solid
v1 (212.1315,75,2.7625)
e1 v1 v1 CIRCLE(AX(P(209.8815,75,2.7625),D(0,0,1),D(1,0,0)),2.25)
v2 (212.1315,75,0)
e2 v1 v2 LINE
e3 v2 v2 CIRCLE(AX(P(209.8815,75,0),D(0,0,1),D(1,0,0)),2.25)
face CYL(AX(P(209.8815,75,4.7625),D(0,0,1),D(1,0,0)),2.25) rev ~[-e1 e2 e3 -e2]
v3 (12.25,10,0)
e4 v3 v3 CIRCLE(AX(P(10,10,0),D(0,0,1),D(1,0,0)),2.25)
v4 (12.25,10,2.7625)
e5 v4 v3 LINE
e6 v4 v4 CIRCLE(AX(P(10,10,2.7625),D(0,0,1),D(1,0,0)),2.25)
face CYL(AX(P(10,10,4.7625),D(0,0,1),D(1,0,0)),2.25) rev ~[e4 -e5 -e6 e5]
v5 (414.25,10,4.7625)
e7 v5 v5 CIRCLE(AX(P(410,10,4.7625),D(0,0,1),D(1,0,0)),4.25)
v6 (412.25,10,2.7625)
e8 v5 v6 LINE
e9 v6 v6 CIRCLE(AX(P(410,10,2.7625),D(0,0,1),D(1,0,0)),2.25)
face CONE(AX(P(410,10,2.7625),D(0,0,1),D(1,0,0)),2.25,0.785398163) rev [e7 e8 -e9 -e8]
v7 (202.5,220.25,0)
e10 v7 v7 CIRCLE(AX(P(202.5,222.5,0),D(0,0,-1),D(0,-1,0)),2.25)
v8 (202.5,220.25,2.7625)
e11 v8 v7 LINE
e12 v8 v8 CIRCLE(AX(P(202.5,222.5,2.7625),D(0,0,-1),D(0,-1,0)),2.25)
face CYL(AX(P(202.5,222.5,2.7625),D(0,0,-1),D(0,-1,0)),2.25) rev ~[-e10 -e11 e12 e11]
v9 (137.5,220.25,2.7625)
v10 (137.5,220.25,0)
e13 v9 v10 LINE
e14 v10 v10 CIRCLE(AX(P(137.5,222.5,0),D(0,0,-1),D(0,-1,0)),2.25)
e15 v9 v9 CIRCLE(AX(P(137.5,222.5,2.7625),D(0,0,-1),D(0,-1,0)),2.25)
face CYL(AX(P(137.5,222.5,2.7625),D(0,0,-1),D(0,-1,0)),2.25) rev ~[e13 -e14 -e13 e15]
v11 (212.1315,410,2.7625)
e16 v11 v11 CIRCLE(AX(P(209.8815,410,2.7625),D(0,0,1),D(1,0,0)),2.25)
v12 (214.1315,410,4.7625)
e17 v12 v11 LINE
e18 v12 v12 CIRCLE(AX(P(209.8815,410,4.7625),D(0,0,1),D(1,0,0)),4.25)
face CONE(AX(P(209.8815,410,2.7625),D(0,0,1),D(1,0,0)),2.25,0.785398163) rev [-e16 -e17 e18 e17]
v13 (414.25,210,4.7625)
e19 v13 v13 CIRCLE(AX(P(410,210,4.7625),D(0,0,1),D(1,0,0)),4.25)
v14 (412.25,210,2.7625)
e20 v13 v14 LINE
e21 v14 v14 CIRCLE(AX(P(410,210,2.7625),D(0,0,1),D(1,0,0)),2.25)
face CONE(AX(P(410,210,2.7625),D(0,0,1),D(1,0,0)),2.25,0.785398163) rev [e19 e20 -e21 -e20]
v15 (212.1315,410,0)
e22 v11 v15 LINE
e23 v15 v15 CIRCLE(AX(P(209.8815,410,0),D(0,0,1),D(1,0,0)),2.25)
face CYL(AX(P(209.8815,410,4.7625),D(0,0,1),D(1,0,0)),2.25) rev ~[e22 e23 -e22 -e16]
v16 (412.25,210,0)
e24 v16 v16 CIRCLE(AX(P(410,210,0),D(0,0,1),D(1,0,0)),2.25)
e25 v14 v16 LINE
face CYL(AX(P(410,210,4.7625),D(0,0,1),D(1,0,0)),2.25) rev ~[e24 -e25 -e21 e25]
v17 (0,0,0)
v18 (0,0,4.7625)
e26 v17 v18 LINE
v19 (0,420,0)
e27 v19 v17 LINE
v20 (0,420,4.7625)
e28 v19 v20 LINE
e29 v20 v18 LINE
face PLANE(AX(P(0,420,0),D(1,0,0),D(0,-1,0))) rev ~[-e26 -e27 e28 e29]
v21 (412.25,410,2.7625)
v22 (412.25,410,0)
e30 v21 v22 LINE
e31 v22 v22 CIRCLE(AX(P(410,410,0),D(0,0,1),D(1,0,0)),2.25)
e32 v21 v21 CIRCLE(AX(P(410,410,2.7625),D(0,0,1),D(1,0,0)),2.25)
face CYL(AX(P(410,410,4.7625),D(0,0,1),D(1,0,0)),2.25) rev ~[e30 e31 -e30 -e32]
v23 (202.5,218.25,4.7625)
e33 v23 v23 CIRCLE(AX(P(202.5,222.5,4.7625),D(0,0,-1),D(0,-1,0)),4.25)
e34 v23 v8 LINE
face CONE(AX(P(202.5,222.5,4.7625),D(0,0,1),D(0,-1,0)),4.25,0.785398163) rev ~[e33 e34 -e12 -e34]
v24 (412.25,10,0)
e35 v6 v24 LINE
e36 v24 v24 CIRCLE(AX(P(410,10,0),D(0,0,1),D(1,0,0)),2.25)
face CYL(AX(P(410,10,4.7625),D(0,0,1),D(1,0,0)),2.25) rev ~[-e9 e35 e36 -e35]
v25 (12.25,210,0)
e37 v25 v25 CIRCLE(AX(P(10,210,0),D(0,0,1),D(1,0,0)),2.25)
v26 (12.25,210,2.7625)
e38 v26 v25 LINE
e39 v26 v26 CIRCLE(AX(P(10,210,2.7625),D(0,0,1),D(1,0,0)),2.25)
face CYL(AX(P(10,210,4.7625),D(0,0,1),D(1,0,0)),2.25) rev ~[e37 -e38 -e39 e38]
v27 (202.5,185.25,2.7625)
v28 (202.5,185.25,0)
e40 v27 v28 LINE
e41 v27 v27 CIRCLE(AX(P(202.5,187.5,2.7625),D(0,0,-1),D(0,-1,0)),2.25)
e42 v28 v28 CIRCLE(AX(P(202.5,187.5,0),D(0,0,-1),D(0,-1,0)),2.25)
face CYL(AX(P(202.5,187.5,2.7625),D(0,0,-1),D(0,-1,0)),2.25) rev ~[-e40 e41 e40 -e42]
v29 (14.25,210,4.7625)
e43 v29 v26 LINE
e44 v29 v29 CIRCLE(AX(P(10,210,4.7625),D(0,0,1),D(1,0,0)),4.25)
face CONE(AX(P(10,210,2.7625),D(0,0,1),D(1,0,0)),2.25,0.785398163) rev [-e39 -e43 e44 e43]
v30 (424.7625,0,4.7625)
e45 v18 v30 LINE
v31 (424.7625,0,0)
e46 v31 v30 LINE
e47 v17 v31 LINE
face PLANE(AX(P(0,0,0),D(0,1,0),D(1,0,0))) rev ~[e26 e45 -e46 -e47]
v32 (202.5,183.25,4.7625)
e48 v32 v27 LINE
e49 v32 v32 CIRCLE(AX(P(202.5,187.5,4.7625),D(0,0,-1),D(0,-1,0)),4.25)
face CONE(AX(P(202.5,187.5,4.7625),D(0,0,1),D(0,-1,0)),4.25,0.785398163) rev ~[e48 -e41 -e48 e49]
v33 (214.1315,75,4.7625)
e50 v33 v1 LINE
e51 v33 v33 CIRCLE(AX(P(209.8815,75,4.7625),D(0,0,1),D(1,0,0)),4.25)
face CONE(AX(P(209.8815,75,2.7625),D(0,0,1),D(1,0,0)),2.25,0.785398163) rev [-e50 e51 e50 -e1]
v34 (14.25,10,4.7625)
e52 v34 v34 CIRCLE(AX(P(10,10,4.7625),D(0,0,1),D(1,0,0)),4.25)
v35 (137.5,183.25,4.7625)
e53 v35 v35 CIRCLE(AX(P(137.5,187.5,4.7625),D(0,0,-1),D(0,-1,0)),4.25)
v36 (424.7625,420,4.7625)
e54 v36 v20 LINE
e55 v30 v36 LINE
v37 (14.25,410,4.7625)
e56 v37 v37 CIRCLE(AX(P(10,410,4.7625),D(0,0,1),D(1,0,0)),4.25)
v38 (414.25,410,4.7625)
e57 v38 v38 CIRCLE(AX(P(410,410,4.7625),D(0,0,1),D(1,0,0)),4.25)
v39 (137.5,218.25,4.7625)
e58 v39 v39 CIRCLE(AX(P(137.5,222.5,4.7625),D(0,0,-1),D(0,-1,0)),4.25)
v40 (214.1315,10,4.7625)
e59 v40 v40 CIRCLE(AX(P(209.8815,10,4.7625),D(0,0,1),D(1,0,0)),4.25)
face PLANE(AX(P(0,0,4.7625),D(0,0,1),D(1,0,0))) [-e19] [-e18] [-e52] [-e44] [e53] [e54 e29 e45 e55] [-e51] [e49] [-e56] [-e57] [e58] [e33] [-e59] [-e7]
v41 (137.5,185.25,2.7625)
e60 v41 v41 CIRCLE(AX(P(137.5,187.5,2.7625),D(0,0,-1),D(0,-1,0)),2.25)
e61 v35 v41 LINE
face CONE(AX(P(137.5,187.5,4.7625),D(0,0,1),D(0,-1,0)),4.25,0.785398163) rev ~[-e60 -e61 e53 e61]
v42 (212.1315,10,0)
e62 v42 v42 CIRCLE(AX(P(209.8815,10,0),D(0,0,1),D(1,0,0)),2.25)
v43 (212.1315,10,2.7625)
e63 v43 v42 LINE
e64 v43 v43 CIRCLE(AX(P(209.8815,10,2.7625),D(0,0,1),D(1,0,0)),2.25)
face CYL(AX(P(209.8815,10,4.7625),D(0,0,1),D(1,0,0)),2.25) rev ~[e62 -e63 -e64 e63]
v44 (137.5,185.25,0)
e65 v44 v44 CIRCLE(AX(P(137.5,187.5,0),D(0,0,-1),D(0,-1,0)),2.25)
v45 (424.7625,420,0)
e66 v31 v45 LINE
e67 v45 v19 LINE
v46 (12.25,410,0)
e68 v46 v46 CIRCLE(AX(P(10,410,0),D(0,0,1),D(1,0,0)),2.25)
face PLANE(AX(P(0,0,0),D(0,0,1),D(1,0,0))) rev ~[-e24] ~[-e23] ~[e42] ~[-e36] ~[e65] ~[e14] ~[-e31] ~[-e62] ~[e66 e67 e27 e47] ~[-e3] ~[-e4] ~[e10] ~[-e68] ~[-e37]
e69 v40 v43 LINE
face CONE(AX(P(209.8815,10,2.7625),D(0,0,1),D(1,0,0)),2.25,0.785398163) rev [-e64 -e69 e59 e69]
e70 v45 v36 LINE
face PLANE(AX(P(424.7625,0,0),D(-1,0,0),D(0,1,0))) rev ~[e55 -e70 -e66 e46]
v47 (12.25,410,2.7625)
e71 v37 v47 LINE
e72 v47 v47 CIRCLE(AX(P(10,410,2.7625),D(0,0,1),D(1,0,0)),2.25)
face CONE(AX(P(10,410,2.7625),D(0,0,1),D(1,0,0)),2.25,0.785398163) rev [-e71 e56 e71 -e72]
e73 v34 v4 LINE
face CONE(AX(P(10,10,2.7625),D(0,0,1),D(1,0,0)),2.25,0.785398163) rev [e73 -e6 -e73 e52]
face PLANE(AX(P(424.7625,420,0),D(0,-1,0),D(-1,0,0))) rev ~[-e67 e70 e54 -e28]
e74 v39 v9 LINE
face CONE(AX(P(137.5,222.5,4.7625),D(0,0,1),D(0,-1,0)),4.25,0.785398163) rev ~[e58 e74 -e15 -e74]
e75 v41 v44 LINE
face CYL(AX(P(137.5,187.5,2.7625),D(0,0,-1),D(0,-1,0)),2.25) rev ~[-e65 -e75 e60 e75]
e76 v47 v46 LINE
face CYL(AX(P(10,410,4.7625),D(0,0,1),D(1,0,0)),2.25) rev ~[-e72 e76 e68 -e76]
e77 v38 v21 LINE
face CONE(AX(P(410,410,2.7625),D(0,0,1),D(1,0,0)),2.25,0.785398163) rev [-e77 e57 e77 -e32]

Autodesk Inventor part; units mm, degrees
ref_plane "YZ Plane" through (0, 0, 0) normal (1, 0, 0) x (0, 1, 0)
ref_plane "XZ Plane" through (0, 0, 0) normal (0, 1, 0) x (-1, 0, 0)
ref_plane "XY Plane" through (0, 0, 0) normal (0, 0, 1) x (1, 0, 0)
sketch "Sketch1" plane through (0, 0, 0) normal (0, 0, 1) x (1, 0, 0)
  line L0 (0, 0) -> (424.7625, 0)
  line L1 (424.7625, 0) -> (424.7625, 420)
  line L2 (424.7625, 420) -> (0, 420)
  line L3 (0, 420) -> (0, 0)
  dimension "d0" = 424.7625
  dimension "d1" = 420
extrude "Extrusion1" add sketch "Sketch1" along normal blind 4.7625
sketch "Sketch6" plane through (0, 0, 4.7625) normal (0, 0, 1) x (1, 0, 0)
  line L0 (0, 0) -> (424.7625, 0) projected
  line L1 (424.7625, 0) -> (424.7625, 420) projected
  line L2 (424.7625, 420) -> (0, 420) projected
  line L3 (0, 420) -> (0, 0) projected
  circle A0 centre (10, 410) radius 2.25
  circle A1 centre (410, 410) radius 2.25
  circle A2 centre (10, 10) radius 2.25
  circle A3 centre (410, 10) radius 2.25
  circle A4 centre (10, 210) radius 2.25
  circle A5 centre (410, 210) radius 2.25
  circle A6 centre (209.8815, 410) radius 2.25
  circle A7 centre (209.8815, 10) radius 2.25
  circle A8 centre (209.8815, 75) radius 2.25
  dimension "d42" = 4.5
  dimension "d43" = 10
  dimension "d44" = 10
  dimension "d45" = 14.7625
  dimension "d46" = 10
  dimension "d47" = 10
  dimension "d48" = 210
  dimension "d51" = 209.8815
  dimension "d55" = 75
extrude "Extrusion3" cut sketch "Sketch6" against normal up to next contours A0 | A1 | A2 | A3 | A4 | A5 | A6 | A7 | A8
chamfer "Chamfer1" distance 2 angle 45 9 edges at (7.75, 410, 4.7625) (207.6315, 410, 4.7625) (407.75, 410, 4.7625) (407.75, 210, 4.7625) (7.75, 210, 4.7625) (7.75, 10, 4.7625) (207.6315, 10, 4.7625) (407.75, 10, 4.7625) (207.6315, 75, 4.7625)
sketch "Sketch7" plane through (0, 0, 4.7625) normal (0, 0, 1) x (1, 0, 0)
  line L0 (0, 0) -> (424.7625, 0) projected
  line L1 (424.7625, 0) -> (424.7625, 420) projected
  line L2 (0, 420) -> (0, 0) projected
  line L3 (0, 180) -> (424.7625, 180) construction
  line L4 (424.7625, 420) -> (0, 420) construction
  line L5 (130, 420) -> (130, 0) construction
  line L6 (0, 0) -> (424.7625, 0) construction
  point P0 (137.5, 222.5)
  point P1 (202.5, 222.5)
  point P2 (137.5, 187.5)
  point P3 (202.5, 187.5)
  dimension "d56" = 130
  dimension "d57" = 180
  dimension "d58" = 7.5
  dimension "d59" = 7.5
  dimension "d60" = 35
  dimension "d61" = 65
hole "Hole3" at (137.5, 222.5, 4.7625) at (202.5, 222.5, 4.7625) at (137.5, 187.5, 4.7625) at (202.5, 187.5, 4.7625) direction (0, 0, -1) diameter 4.5 end through all countersink diameter 8.5 countersink angle 90
properties part number "EnclosurePanelRight" material "ABS Plastic"
